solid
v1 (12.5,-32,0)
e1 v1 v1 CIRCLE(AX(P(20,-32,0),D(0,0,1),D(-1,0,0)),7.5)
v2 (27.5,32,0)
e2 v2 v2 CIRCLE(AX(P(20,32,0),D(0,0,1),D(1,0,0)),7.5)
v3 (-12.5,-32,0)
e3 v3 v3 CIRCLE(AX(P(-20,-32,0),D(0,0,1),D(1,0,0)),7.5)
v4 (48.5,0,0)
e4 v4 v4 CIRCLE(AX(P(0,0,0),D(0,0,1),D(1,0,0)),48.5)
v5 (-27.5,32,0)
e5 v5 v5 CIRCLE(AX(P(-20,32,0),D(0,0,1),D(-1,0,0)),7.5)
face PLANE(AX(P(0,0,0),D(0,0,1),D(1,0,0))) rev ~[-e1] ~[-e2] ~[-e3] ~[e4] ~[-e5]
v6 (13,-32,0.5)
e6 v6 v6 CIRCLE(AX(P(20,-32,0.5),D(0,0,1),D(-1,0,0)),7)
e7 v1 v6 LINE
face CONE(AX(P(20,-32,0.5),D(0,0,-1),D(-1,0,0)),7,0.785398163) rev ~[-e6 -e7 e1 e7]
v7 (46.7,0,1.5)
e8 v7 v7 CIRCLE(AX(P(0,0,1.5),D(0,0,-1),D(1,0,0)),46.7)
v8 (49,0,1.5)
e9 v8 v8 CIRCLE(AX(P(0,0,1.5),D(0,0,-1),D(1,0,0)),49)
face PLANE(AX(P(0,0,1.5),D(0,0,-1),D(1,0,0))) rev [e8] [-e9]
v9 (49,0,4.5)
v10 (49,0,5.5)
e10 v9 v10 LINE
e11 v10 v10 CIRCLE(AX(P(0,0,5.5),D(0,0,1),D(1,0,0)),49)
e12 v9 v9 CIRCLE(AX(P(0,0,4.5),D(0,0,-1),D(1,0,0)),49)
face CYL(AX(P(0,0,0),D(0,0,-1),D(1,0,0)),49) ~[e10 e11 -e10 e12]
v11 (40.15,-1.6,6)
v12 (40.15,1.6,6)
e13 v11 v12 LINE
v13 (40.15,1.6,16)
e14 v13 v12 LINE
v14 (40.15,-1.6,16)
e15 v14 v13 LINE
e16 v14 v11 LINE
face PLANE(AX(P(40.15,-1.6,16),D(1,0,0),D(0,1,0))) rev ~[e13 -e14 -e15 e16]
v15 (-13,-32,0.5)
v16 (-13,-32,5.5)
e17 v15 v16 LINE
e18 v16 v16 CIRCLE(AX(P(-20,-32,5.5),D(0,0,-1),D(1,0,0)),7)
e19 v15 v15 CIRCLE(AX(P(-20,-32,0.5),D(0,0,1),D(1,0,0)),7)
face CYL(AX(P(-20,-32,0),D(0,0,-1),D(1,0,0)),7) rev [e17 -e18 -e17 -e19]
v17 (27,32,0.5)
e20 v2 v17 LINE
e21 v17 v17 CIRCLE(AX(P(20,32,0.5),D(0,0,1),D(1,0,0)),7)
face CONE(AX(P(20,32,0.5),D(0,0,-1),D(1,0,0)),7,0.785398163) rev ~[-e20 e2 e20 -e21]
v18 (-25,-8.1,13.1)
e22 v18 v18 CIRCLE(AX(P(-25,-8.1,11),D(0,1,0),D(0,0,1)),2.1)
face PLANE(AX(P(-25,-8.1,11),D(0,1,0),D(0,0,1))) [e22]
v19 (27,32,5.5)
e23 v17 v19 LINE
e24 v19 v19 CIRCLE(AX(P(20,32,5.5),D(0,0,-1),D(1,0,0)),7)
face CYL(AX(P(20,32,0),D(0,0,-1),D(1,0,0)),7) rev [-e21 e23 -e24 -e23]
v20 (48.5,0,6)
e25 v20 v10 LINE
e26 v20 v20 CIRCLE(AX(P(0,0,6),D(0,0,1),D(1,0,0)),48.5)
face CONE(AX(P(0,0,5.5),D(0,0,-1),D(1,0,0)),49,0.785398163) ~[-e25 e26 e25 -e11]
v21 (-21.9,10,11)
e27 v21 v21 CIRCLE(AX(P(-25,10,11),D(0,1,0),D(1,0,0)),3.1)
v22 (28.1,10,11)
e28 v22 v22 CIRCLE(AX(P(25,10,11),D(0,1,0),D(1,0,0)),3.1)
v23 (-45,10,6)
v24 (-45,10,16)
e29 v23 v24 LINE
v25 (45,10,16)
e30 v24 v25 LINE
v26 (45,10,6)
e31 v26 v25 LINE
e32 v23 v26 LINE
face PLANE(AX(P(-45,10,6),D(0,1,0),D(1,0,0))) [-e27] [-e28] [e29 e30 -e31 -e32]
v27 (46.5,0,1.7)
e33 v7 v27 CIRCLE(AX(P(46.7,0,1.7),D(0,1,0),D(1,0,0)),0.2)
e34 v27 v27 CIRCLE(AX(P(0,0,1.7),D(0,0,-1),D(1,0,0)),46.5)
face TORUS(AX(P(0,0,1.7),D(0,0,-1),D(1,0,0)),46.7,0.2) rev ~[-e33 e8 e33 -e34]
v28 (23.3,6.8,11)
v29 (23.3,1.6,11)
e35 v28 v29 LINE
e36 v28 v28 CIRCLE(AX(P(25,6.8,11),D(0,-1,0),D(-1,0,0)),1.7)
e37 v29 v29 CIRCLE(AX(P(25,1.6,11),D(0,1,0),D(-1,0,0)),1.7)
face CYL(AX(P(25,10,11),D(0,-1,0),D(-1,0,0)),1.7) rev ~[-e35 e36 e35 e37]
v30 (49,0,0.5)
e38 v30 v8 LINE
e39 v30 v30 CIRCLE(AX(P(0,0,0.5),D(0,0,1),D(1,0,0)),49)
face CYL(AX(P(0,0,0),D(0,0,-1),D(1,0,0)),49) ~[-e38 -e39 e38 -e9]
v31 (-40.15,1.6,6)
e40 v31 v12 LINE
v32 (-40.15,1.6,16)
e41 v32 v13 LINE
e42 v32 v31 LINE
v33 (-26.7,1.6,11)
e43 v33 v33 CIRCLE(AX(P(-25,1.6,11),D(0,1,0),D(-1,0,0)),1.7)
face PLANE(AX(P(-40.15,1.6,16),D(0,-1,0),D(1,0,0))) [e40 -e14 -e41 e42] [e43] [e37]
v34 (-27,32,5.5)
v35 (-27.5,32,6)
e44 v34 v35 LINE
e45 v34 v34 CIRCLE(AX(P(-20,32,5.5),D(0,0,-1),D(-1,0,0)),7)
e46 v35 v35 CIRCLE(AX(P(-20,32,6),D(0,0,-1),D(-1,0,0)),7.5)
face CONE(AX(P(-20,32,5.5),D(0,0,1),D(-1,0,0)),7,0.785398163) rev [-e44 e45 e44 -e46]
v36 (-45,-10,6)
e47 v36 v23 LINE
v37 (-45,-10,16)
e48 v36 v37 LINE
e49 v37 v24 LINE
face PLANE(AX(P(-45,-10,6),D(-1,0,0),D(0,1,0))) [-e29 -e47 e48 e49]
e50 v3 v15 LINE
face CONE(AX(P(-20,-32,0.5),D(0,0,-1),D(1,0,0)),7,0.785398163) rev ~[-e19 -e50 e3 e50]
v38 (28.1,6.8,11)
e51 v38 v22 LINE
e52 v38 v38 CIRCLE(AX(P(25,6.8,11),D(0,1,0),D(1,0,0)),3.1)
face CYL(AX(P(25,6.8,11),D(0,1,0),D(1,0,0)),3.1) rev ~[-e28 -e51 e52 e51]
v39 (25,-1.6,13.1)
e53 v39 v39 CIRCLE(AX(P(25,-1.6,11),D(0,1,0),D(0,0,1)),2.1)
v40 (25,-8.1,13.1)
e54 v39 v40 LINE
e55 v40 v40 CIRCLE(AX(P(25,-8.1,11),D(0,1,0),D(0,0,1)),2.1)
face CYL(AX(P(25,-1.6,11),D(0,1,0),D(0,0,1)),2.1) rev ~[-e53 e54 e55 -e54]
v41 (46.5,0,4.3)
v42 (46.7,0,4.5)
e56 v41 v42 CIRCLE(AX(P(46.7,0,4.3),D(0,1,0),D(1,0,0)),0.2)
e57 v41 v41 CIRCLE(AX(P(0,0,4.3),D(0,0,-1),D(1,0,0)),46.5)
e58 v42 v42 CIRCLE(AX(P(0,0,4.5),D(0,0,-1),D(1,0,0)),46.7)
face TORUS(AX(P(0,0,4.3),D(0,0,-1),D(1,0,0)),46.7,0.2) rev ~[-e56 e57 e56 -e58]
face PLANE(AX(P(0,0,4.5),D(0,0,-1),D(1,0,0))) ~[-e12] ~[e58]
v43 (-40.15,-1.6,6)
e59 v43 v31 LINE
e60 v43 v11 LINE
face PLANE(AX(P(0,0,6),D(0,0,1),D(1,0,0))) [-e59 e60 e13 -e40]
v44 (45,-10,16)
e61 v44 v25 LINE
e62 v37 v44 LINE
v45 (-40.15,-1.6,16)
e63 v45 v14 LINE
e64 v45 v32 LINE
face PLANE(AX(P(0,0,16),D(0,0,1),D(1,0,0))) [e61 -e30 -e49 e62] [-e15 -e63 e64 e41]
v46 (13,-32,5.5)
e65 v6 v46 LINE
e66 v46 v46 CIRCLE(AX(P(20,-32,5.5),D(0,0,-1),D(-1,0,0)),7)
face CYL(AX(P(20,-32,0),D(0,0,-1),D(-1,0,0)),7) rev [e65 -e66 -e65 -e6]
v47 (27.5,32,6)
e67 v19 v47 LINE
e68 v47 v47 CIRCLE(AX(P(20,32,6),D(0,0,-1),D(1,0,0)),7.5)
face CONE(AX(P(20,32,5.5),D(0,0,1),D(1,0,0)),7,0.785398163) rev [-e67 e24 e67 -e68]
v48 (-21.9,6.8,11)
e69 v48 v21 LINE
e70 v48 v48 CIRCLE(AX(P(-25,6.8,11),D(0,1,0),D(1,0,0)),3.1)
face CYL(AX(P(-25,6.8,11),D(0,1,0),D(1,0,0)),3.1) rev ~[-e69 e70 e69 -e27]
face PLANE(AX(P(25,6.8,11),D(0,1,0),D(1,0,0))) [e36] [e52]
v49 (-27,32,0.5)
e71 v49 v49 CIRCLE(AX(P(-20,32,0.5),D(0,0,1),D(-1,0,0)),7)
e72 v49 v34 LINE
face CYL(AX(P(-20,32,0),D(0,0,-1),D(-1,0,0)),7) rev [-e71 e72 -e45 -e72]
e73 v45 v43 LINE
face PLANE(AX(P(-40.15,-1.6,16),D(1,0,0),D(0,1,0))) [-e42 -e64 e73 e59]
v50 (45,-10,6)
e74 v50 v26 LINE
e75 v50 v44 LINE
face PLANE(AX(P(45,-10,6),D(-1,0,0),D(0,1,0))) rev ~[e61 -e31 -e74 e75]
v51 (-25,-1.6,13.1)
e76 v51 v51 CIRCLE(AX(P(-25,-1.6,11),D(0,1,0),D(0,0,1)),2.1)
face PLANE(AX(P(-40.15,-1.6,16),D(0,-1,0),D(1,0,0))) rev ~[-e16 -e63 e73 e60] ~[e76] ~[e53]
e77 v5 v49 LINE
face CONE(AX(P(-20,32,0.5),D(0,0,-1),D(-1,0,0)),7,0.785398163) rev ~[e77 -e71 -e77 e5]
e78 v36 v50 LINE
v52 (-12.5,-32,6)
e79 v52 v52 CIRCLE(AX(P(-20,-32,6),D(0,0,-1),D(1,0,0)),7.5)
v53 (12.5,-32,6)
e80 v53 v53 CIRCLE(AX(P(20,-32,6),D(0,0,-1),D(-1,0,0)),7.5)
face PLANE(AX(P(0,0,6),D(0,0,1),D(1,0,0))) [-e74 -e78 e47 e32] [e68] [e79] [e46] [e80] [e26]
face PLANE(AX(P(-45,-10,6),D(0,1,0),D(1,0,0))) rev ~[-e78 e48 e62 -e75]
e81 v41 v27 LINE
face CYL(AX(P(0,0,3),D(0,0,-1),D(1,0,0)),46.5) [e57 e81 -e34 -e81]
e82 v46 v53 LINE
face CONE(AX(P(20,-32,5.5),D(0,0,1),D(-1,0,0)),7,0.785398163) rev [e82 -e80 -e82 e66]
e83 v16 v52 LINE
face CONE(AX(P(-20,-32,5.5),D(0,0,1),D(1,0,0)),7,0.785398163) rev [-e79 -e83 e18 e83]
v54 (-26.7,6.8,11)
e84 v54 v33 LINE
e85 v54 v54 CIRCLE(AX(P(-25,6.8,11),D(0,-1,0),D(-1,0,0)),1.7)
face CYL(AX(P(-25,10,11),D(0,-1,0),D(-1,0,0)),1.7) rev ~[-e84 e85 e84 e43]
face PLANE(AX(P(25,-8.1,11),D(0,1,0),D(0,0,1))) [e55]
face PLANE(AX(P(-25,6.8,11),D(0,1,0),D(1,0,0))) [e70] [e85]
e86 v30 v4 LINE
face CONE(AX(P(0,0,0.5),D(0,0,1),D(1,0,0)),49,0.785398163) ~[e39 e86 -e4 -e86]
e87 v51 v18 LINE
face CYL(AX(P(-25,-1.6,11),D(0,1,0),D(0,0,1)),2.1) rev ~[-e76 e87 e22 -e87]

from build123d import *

# Parameters (mm, degrees)
SKETCH1_R                               = 49
DISC_PLATE_DEPTH                        = 6
SKETCH2_W                               = 90
SKETCH2_H                               = 20
BOSS_DEPTH                              = 10
SKETCH3_W                               = 80.3
SKETCH3_H                               = 3.2
SPINE_SLOT_DEPTH                        = 10
SKETCH4_W                               = 3
SKETCH4_H                               = 5.5
FILLET1_R                               = 0.2
CBORE_FOR_M5_HEX_HEAD_BOLT1_D           = 3.4
CBORE_FOR_M5_HEX_HEAD_BOLT1_DEPTH       = 8.4
CBORE_FOR_M5_HEX_HEAD_BOLT1_CBORE_D     = 6.2
CBORE_FOR_M5_HEX_HEAD_BOLT1_CBORE_DEPTH = 3.2
CBORE_FOR_M5_HEX_HEAD_BOLT1_TIP         = 1.021463052
SKETCH9_R                               = 2.1
INSERT_HOLES_DEPTH                      = 6.5
SKETCH10_R                              = 7
CABLE_HOLES_DEPTH                       = 72.119617547
CHAMFER1_SIZE                           = 0.5


with BuildPart() as part:
    # Sketch1 → Disc_Plate (new body)
    with BuildSketch(Plane.XY):
        Circle(SKETCH1_R)
    extrude(amount=DISC_PLATE_DEPTH)

    # Sketch2 → Boss (add)
    with BuildSketch(Plane.XY.offset(6)):
        Rectangle(SKETCH2_W, SKETCH2_H)
    extrude(amount=BOSS_DEPTH)

    # Sketch3 → Spine Slot (cut)
    with BuildSketch(Plane.XY.offset(16)):
        Rectangle(SKETCH3_W, SKETCH3_H)
    extrude(amount=-SPINE_SLOT_DEPTH, mode=Mode.SUBTRACT)

    # Sketch4 → Friction_Groove (revolve, cut)
    with BuildSketch(Plane(origin=(0, 0, 0), x_dir=(0, 0, -1), z_dir=(1, 0, 0))):
        with Locations((-3, 49.25)):
            Rectangle(SKETCH4_W, SKETCH4_H)
    revolve(axis=Axis((0, 0, 6), (0, 0, -1)), mode=Mode.SUBTRACT)

    # Fillet1
    fillet1_edges = [part.edges().sort_by_distance(p)[0] for p in [
        (0, -46.5, 1.5),
        (0, -46.5, 4.5),
    ]]
    fillet(fillet1_edges, radius=FILLET1_R)

    # CBORE for M5 Hex Head Bolt1
    with Locations(Plane(origin=(0, 10, 0), x_dir=(1, 0, 0), z_dir=(0, 1, 0))):
        with Locations((-25, -11), (25, -11), (11.381423857, 19.171145686)):
            CounterBoreHole(CBORE_FOR_M5_HEX_HEAD_BOLT1_D / 2, CBORE_FOR_M5_HEX_HEAD_BOLT1_CBORE_D / 2, CBORE_FOR_M5_HEX_HEAD_BOLT1_CBORE_DEPTH, depth=CBORE_FOR_M5_HEX_HEAD_BOLT1_DEPTH)
            with Locations((0, 0, -(CBORE_FOR_M5_HEX_HEAD_BOLT1_DEPTH + CBORE_FOR_M5_HEX_HEAD_BOLT1_TIP / 2))):  # 118° drill point
                Cone(0, CBORE_FOR_M5_HEX_HEAD_BOLT1_D / 2, CBORE_FOR_M5_HEX_HEAD_BOLT1_TIP, mode=Mode.SUBTRACT)

    # Sketch9 → Insert_Holes (cut)
    with BuildSketch(Plane(origin=(0, -1.6, 0), x_dir=(1, 0, 0), z_dir=(0, 1, 0))):
        with Locations((-25, -11)):
            Circle(SKETCH9_R)
        with Locations((25, -11)):
            Circle(SKETCH9_R)
    extrude(amount=-INSERT_HOLES_DEPTH, mode=Mode.SUBTRACT)

    # Sketch10 → Cable_Holes (cut, through all)
    with BuildSketch(Plane.XY):
        with Locations((20, 32)):
            Circle(SKETCH10_R)
        with Locations((20, -32)):
            Circle(SKETCH10_R)
        with Locations((-20, -32)):
            Circle(SKETCH10_R)
        with Locations((-20, 32)):
            Circle(SKETCH10_R)
    extrude(amount=CABLE_HOLES_DEPTH, mode=Mode.SUBTRACT)

    # Chamfer1
    chamfer1_edges = [part.edges().sort_by_distance(p)[0] for p in [
        (13, -32, 6),
        (13, -32, 0),
        (-27, -32, 0),
        (-27, -32, 6),
        (-27, 32, 0),
        (-27, 32, 6),
        (13, 32, 0),
        (13, 32, 6),
        (-49, 0, 0),
        (-49, 0, 6),
    ]]
    chamfer(chamfer1_edges, length=CHAMFER1_SIZE)


solid = part.part
